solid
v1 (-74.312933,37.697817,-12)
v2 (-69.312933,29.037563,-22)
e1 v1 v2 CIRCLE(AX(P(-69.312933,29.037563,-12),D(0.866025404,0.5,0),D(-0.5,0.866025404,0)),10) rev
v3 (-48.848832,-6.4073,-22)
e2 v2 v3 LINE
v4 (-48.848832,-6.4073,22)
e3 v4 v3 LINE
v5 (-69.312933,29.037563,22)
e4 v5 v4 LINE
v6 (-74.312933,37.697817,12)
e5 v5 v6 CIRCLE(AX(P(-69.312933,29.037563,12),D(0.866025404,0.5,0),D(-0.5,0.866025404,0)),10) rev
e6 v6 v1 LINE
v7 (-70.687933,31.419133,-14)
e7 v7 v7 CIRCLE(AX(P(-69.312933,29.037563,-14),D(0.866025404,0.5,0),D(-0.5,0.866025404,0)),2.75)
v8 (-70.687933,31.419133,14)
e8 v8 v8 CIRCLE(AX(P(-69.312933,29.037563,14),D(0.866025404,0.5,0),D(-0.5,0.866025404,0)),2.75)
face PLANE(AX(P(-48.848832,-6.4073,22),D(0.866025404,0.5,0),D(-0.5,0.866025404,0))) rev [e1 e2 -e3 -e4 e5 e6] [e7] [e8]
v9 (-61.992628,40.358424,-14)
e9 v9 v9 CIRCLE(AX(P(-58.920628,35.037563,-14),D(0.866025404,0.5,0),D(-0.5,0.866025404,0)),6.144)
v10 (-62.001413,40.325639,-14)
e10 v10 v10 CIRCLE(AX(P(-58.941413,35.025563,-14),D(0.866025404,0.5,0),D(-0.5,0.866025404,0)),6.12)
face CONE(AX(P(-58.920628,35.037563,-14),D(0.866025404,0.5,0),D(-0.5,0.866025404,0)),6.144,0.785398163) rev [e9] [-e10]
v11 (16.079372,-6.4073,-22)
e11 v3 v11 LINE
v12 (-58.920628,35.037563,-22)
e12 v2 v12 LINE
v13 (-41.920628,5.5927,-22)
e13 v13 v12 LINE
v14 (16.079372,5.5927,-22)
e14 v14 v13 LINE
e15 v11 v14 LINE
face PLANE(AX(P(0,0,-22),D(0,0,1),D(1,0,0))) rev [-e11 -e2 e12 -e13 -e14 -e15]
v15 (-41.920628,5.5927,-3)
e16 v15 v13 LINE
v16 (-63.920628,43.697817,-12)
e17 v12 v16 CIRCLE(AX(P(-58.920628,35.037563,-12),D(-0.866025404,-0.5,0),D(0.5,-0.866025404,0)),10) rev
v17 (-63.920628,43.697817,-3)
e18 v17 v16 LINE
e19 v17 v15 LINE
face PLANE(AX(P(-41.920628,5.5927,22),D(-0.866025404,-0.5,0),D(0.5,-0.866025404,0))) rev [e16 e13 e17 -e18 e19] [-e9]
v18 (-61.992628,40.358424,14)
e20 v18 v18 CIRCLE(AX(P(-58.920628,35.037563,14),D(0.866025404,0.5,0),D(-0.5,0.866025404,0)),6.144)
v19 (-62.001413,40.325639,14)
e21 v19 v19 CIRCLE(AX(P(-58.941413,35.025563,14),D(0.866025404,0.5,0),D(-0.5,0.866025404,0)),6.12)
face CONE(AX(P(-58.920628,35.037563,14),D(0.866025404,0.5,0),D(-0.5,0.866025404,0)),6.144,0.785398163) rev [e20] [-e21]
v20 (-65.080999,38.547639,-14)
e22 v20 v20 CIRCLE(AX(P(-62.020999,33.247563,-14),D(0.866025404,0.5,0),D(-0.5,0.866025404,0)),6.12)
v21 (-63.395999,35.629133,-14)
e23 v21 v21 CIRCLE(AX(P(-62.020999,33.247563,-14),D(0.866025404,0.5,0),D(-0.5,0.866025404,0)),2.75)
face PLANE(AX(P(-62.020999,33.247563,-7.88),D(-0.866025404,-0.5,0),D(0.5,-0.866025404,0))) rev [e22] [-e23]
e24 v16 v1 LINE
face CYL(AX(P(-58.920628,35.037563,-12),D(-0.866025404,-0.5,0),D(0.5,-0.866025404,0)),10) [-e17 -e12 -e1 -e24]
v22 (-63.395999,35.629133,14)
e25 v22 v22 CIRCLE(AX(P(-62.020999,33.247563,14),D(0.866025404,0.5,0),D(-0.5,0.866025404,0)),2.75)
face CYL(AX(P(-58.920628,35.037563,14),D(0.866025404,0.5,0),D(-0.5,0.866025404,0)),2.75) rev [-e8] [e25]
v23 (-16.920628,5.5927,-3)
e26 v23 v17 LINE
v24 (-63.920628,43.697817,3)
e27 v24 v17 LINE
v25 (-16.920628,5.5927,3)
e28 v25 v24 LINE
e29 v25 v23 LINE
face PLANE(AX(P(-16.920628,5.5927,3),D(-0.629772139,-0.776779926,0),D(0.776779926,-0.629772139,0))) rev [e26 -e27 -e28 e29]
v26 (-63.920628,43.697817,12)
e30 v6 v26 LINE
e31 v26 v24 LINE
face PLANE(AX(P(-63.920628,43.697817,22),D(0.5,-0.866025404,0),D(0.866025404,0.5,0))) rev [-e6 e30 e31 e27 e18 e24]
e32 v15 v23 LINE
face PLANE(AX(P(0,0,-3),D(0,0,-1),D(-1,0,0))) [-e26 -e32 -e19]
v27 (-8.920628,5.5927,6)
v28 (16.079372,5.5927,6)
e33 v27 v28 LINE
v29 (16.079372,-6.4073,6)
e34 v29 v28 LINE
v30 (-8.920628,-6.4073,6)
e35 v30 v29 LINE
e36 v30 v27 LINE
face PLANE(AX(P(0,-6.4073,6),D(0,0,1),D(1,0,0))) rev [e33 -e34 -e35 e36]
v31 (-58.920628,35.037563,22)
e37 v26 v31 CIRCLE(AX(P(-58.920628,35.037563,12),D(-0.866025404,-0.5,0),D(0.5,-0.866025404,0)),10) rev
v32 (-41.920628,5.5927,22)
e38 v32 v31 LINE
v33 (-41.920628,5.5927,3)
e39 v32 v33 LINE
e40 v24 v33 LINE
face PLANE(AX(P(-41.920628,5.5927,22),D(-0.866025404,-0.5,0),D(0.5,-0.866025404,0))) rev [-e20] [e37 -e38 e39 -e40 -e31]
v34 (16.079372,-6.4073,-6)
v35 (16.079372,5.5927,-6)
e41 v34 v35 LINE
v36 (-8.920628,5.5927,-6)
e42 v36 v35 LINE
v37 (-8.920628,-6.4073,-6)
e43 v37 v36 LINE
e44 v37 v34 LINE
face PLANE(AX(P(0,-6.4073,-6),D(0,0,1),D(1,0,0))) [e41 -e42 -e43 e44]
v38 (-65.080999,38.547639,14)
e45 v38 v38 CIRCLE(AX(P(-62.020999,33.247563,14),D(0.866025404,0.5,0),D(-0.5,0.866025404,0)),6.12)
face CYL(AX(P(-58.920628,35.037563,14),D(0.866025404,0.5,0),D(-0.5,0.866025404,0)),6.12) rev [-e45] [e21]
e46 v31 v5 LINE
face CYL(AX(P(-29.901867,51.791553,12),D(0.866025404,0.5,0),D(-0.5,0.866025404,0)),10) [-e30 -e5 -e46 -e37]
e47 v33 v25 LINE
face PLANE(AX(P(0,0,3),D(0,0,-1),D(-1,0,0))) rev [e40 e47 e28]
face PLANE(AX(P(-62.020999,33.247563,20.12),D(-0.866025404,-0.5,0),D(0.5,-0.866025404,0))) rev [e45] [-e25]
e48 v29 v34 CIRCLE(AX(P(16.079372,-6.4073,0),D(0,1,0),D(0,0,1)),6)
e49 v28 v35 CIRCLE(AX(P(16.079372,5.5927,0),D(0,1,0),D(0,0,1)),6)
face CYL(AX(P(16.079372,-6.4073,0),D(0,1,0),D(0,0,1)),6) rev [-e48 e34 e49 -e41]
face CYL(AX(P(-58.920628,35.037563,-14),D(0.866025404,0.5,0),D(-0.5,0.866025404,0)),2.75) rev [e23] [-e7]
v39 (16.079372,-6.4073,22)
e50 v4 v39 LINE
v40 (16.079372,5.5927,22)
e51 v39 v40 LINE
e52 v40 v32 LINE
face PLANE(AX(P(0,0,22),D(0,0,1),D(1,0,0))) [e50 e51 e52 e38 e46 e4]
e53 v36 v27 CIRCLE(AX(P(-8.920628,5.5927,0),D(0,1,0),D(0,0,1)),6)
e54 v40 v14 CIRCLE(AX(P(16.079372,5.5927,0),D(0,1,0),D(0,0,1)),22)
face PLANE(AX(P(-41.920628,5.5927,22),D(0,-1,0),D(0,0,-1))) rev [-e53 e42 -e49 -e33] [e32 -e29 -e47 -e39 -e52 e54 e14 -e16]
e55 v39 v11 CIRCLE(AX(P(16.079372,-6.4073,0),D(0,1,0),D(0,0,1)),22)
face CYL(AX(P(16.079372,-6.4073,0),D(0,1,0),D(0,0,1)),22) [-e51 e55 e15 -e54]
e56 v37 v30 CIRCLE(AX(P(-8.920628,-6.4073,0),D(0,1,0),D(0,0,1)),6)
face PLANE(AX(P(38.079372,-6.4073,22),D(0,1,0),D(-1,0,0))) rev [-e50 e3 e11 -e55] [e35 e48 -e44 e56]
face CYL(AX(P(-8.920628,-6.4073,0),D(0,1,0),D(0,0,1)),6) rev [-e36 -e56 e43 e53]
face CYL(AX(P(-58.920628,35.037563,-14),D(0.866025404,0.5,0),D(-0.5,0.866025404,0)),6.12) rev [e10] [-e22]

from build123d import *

# Parameters (mm, degrees)
BOSS_EXTRUDE1_DEPTH                    = 22
CBORE_FOR_M5_HEX_HEAD_BOLT1_AT_2_COUNT = 2
CBORE_FOR_M5_HEX_HEAD_BOLT1_AT_2_PITCH = 28
BOSS_EXTRUDE2_DEPTH                    = 3
CUT_EXTRUDE1_DEPTH                     = 87.362098425
FILLET2_R                              = 10
FILLET3_R                              = 10


with BuildPart() as part:
    # Sketch1 → Boss-Extrude1 (new, symmetric)
    with BuildSketch(Plane.XY):
        Polygon((-41.920628378, 5.592699718), (38.079371622, 5.592699718), (38.079371622, -6.407300282), (-48.848831609, -6.407300282), (-74.312933224, 37.697817484), (-63.920628378, 43.697817484), align=None)
    extrude(amount=BOSS_EXTRUDE1_DEPTH, both=True)

    # Sketch3 → CBORE for M5 Hex Head Bolt1 (revolve, cut)
    with BuildSketch(Plane(origin=(-58.920628378, 35.037563446, -14), x_dir=(-0.4999999999999982, 0.8660254037844396, 0), z_dir=(0, 0, 1))):
        Polygon((0, 0), (0, 34.052558883), (2.75, 34.052558883), (2.75, 3.58), (6.12, 3.58), (6.12, 0.024), (6.144, 0), align=None)
    cbore_for_m5_hex_head_bolt1 = revolve(axis=Axis((-53.421367064, 38.212563446, -14), (-0.8660254037844397, -0.4999999999999983, 0)), mode=Mode.SUBTRACT)

    # CBORE for M5 Hex Head Bolt1 at 2: CBORE for M5 Hex Head Bolt1 ×2
    with Locations(*[(0, 0, i * CBORE_FOR_M5_HEX_HEAD_BOLT1_AT_2_PITCH) for i in range(1, CBORE_FOR_M5_HEX_HEAD_BOLT1_AT_2_COUNT)]):
        add(cbore_for_m5_hex_head_bolt1, mode=Mode.SUBTRACT)

    # Sketch4 → Boss-Extrude2 (add, symmetric)
    with BuildSketch(Plane.XY):
        Polygon((-63.920628378, 43.697817484), (-41.920628378, 5.592699718), (-16.920628378, 5.592699718), align=None)
    extrude(amount=BOSS_EXTRUDE2_DEPTH, both=True)

    # Sketch5 → Cut-Extrude1 (cut, through all)
    with BuildSketch(Plane(origin=(0, 5.592699718, 0), x_dir=(1, 0, 0), z_dir=(0, 1, 0))):
        with BuildLine():
            ThreePointArc((16.079371622, 22), (31.635720831, 15.556349163), (38.079371622, -6.4e-08))
            Line((38.079371622, -6.4e-08), (38.079371622, 22))
            Line((38.079371622, 22), (16.079371622, 22))
        make_face()
        with BuildLine():
            ThreePointArc((38.079371622, -6.4e-08), (31.635720785, -15.556349209), (16.079371622, -22))
            Line((16.079371622, -22), (38.079371622, -22))
            Line((38.079371622, -22), (38.079371622, -6.4e-08))
        make_face()
        with BuildLine():
            Line((-8.920628378, -6), (16.079371622, -6))
            ThreePointArc((16.079371622, -6), (22.079371622, 0), (16.079371622, 6))
            Line((16.079371622, 6), (-8.920628378, 6))
            ThreePointArc((-8.920628378, 6), (-14.920628378, 0), (-8.920628378, -6))
        make_face()
    extrude(amount=-CUT_EXTRUDE1_DEPTH, mode=Mode.SUBTRACT)

    # Fillet2
    fillet2_edges = [part.edges().sort_by_distance(p)[0] for p in [
        (-69.116780801, 40.697817484, 22),
    ]]
    fillet(fillet2_edges, radius=FILLET2_R)

    # Fillet3
    fillet3_edges = [part.edges().sort_by_distance(p)[0] for p in [
        (-69.116780801, 40.697817484, -22),
    ]]
    fillet(fillet3_edges, radius=FILLET3_R)


solid = part.part
